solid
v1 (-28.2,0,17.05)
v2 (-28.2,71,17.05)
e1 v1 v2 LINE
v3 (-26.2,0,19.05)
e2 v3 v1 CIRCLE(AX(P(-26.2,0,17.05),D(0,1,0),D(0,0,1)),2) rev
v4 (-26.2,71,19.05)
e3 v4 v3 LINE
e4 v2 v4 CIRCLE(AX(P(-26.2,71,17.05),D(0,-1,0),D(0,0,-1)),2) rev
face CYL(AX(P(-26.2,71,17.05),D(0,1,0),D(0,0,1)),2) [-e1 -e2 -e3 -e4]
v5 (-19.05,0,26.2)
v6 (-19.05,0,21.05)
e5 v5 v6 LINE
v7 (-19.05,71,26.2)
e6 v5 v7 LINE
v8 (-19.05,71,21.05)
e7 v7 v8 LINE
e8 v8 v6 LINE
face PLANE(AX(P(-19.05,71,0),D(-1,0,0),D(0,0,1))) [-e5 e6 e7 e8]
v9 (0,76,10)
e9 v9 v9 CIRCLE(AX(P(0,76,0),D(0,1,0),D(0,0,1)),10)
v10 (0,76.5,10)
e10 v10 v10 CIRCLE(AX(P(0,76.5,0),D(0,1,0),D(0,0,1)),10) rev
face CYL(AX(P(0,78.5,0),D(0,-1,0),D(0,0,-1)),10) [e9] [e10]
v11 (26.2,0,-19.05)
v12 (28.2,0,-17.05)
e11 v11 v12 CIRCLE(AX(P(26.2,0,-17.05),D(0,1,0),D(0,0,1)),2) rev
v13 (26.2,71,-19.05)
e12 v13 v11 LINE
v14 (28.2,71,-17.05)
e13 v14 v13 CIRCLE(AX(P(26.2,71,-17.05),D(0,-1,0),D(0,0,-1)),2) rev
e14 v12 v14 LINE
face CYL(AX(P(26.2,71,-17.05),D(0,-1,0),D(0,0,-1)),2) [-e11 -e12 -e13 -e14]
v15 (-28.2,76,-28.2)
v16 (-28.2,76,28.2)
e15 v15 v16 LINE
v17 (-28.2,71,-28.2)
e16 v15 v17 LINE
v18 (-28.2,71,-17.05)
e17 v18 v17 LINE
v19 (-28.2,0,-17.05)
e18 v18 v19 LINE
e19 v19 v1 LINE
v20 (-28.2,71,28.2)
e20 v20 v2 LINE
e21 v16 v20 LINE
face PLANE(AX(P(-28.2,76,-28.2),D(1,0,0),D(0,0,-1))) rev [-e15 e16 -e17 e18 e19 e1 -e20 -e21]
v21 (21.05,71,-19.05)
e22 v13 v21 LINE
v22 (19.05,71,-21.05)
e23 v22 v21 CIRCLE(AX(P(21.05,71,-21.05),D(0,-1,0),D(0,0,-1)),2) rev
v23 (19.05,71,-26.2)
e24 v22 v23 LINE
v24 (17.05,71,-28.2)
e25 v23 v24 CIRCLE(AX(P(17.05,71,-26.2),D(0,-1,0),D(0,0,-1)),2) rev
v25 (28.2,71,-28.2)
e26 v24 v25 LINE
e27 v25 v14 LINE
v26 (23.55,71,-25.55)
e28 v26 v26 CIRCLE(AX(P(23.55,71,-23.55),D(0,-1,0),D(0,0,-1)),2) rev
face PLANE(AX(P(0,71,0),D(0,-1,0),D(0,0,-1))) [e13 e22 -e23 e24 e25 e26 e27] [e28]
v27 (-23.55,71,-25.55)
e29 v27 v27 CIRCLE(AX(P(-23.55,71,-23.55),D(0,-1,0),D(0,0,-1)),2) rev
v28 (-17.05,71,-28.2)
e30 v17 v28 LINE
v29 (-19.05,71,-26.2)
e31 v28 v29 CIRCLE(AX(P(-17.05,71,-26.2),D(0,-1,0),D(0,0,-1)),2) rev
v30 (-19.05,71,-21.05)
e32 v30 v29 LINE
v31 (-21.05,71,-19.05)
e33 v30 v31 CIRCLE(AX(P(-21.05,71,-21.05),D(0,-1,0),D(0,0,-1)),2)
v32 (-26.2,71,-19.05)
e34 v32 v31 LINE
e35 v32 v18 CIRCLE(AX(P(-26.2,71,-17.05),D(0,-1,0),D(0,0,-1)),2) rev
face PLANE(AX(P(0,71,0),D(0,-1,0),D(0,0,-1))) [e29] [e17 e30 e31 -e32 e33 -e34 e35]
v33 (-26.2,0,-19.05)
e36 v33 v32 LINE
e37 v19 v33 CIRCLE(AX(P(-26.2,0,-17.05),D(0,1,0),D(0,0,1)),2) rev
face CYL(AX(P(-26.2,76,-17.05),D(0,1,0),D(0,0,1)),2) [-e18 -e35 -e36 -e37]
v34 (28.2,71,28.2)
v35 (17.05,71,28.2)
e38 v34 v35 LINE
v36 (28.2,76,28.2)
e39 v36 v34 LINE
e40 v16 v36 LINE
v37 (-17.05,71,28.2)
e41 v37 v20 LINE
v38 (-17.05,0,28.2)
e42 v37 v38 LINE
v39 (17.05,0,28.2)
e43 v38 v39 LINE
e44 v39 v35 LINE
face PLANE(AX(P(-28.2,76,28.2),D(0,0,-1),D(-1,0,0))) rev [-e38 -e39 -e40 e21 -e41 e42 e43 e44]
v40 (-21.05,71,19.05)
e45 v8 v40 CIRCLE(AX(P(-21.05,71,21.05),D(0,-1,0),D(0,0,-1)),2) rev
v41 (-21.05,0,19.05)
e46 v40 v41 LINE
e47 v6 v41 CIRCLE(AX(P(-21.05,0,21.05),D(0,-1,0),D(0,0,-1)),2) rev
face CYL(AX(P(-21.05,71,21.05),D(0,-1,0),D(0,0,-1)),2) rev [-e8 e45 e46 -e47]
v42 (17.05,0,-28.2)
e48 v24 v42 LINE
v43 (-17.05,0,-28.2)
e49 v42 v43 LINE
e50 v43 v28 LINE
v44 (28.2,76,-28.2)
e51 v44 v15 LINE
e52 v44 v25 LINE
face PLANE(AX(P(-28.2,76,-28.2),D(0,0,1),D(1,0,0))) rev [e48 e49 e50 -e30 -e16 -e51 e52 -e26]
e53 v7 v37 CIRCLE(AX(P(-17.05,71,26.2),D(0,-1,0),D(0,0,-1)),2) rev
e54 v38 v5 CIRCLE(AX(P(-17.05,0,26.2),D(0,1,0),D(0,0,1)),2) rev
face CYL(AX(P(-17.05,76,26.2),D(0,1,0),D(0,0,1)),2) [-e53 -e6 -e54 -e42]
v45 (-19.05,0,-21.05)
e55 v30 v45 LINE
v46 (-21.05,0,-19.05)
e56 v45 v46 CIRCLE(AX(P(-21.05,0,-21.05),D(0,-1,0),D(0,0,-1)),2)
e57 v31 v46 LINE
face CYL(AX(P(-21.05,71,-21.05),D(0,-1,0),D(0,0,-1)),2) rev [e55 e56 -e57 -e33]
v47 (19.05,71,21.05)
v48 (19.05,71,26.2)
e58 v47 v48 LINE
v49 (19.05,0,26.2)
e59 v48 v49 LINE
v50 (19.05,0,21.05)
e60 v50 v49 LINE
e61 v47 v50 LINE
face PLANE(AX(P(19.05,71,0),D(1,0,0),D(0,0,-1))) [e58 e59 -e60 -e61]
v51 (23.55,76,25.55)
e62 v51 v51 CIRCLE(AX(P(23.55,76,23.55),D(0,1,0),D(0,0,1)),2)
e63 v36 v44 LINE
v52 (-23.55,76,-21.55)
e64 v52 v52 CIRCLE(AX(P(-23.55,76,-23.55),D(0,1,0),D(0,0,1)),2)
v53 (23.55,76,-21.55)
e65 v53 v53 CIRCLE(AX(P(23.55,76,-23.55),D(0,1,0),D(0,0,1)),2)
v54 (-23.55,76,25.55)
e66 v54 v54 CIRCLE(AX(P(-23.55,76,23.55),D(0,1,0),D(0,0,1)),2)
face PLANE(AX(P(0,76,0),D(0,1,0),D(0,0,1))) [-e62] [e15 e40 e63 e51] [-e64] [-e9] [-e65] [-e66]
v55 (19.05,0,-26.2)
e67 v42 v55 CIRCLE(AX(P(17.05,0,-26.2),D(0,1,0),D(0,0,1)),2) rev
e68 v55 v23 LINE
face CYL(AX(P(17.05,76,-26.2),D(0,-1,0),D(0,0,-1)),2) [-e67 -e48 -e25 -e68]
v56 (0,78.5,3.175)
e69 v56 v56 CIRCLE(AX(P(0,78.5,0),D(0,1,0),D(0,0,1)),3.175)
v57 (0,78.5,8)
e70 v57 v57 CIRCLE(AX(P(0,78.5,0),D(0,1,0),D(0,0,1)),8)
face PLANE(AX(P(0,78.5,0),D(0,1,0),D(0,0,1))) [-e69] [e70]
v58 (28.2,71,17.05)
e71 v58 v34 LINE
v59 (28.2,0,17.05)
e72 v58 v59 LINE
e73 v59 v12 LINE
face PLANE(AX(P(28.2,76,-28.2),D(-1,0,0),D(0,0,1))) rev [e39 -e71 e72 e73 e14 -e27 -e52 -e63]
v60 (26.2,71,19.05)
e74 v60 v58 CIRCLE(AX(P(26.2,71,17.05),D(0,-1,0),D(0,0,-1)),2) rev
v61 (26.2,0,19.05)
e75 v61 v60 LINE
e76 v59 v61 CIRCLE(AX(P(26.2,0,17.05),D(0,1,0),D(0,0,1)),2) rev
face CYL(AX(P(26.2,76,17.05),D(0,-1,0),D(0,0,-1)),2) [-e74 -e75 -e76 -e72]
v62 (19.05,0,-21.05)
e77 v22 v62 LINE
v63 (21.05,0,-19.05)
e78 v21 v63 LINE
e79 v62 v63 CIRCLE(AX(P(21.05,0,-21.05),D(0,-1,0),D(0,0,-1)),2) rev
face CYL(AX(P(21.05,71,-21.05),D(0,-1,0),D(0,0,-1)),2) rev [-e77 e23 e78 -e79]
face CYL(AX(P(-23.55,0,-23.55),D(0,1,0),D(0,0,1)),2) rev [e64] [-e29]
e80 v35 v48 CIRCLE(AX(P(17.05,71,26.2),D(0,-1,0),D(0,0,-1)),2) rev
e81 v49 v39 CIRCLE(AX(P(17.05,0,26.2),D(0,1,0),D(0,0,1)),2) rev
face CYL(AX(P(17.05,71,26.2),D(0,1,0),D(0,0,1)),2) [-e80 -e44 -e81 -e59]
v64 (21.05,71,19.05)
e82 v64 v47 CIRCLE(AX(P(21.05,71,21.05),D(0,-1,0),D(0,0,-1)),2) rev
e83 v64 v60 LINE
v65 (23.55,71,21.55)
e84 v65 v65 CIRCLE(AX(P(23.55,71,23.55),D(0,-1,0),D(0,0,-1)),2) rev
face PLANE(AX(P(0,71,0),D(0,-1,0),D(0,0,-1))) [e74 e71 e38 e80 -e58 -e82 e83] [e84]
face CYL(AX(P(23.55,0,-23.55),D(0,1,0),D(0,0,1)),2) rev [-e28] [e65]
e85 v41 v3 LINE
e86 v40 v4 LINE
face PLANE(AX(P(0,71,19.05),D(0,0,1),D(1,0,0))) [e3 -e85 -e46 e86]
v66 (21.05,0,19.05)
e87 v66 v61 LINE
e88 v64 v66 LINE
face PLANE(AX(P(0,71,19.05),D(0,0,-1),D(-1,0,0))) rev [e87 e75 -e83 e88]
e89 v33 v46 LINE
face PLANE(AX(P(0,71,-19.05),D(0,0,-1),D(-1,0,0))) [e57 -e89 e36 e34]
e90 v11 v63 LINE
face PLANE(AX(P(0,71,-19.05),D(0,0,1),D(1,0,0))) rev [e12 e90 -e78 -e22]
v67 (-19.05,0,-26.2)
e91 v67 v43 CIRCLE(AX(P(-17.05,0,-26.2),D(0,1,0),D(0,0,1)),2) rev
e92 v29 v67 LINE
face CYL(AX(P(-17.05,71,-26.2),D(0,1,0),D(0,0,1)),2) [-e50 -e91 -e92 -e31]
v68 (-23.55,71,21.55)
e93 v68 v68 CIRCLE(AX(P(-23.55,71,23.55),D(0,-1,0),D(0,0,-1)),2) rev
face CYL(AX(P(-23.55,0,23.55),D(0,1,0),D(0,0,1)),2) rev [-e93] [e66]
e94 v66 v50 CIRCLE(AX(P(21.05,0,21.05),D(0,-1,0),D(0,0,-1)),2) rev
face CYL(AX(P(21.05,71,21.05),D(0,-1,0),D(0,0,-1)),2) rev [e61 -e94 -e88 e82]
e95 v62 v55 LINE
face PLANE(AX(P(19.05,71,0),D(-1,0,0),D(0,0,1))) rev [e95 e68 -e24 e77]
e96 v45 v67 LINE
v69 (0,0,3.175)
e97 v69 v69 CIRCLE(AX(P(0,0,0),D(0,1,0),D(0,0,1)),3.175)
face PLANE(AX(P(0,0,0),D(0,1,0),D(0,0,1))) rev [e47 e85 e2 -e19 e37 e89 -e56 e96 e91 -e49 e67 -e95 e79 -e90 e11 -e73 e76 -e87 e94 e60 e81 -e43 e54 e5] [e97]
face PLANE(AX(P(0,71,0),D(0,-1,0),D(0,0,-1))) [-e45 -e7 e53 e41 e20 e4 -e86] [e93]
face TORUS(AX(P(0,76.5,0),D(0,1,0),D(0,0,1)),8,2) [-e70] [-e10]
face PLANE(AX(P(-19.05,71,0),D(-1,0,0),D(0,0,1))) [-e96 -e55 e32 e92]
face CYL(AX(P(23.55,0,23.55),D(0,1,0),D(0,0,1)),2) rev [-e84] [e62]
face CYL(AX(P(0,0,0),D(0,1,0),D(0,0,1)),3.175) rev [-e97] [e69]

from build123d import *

# Parameters (mm, degrees)
SKETCH2_W           = 56.4
SKETCH2_H           = 56.4
BOSS_EXTRUDE1_DEPTH = 76
SKETCH3_R           = 3.175
CUT_EXTRUDE1_DEPTH  = 76
CUT_EXTRUDE2_START  = -71
SKETCH5_R           = 2
CUT_EXTRUDE2_DEPTH  = 71
FILLET1_R           = 2
BOSS_EXTRUDE2_START = 2.5
SKETCH6_R           = 10
SKETCH6_R_2         = 3.175
BOSS_EXTRUDE2_DEPTH = 2.5
FILLET2_R           = 2


with BuildPart() as part:
    # Sketch2 → Boss-Extrude1 (new body)
    with BuildSketch(Plane(origin=(0, 0, 0), x_dir=(1, 0, 0), z_dir=(0, 1, 0))):
        Rectangle(SKETCH2_W, SKETCH2_H)
    extrude(amount=BOSS_EXTRUDE1_DEPTH)

    # Sketch3 → Cut-Extrude1 (cut)
    with BuildSketch(Plane(origin=(0, 76, 0), x_dir=(1, 0, 0), z_dir=(0, 1, 0))):
        with BuildLine():
            Line((-23.55, 21.55), (-23.55, 23.55))
            Line((-23.55, 23.55), (-21.55, 23.55))
            ThreePointArc((-21.55, 23.55), (-24.964213562, 24.964213562), (-23.55, 21.55))
        make_face()
        with BuildLine():
            Line((-21.55, 23.55), (-23.55, 23.55))
            Line((-23.55, 23.55), (-23.55, 21.55))
            ThreePointArc((-23.55, 21.55), (-22.135786438, 22.135786438), (-21.55, 23.55))
        make_face()
        with BuildLine():
            ThreePointArc((25.55, 23.55), (23.55, 25.55), (21.55, 23.55))
            Line((21.55, 23.55), (23.55, 23.55))
            Line((23.55, 23.55), (23.55, 21.55))
            ThreePointArc((23.55, 21.55), (24.964213562, 22.135786438), (25.55, 23.55))
        make_face()
        with BuildLine():
            Line((23.55, 23.55), (21.55, 23.55))
            ThreePointArc((21.55, 23.55), (22.135786438, 22.135786438), (23.55, 21.55))
            Line((23.55, 21.55), (23.55, 23.55))
        make_face()
        with Locations(Location((0, 0, 0), (0, 0, 270))):
            Circle(SKETCH3_R)
        with BuildLine():
            ThreePointArc((-21.55, -23.55), (-22.135786438, -22.135786438), (-23.55, -21.55))
            Line((-23.55, -21.55), (-23.55, -23.55))
            Line((-23.55, -23.55), (-21.55, -23.55))
        make_face()
        with BuildLine():
            Line((-23.55, -23.55), (-23.55, -21.55))
            ThreePointArc((-23.55, -21.55), (-24.964213562, -24.964213562), (-21.55, -23.55))
            Line((-21.55, -23.55), (-23.55, -23.55))
        make_face()
        with BuildLine():
            ThreePointArc((25.55, -23.55), (24.964213562, -22.135786438), (23.55, -21.55))
            Line((23.55, -21.55), (23.55, -23.55))
            Line((23.55, -23.55), (21.55, -23.55))
            ThreePointArc((21.55, -23.55), (23.55, -25.55), (25.55, -23.55))
        make_face()
        with BuildLine():
            Line((23.55, -23.55), (23.55, -21.55))
            ThreePointArc((23.55, -21.55), (22.135786438, -22.135786438), (21.55, -23.55))
            Line((21.55, -23.55), (23.55, -23.55))
        make_face()
    extrude(amount=-CUT_EXTRUDE1_DEPTH, mode=Mode.SUBTRACT)

    # Sketch5 → Cut-Extrude2 (cut)
    # profile 1 of 4: a face of its own
    with BuildSketch(Plane(origin=(0, 0, 0), x_dir=(-1, 0, 0), z_dir=(0, -1, 0)).offset(CUT_EXTRUDE2_START)):
        with BuildLine():
            Line((19.05, 28.2), (19.05, 21.05))
            ThreePointArc((19.05, 21.05), (19.635786438, 19.635786438), (21.05, 19.05))
            Line((21.05, 19.05), (28.2, 19.05))
            Line((28.2, 19.05), (28.2, 28.2))
            Line((28.2, 28.2), (19.05, 28.2))
        make_face()
        with Locations((23.55, 23.55)):
            Circle(SKETCH5_R, mode=Mode.SUBTRACT)
    # profile 2 of 4: a face of its own
    with BuildSketch(Plane(origin=(0, 0, 0), x_dir=(-1, 0, 0), z_dir=(0, -1, 0)).offset(CUT_EXTRUDE2_START)):
        with BuildLine():
            Line((-19.05, 21.05), (-19.05, 28.2))
            Line((-19.05, 28.2), (-28.2, 28.2))
            Line((-28.2, 28.2), (-28.2, 19.05))
            Line((-28.2, 19.05), (-21.05, 19.05))
            ThreePointArc((-21.05, 19.05), (-19.635786438, 19.635786438), (-19.05, 21.05))
        make_face()
        with Locations((-23.55, 23.55)):
            Circle(SKETCH5_R, mode=Mode.SUBTRACT)
    # profile 3 of 4: a face of its own
    with BuildSketch(Plane(origin=(0, 0, 0), x_dir=(-1, 0, 0), z_dir=(0, -1, 0)).offset(CUT_EXTRUDE2_START)):
        with BuildLine():
            Line((28.2, -28.2), (28.2, -19.05))
            Line((28.2, -19.05), (21.05, -19.05))
            ThreePointArc((21.05, -19.05), (19.635786438, -19.635786438), (19.05, -21.05))
            Line((19.05, -21.05), (19.05, -28.2))
            Line((19.05, -28.2), (28.2, -28.2))
        make_face()
        with Locations((23.55, -23.55)):
            Circle(SKETCH5_R, mode=Mode.SUBTRACT)
    # profile 4 of 4: a face of its own
    with BuildSketch(Plane(origin=(0, 0, 0), x_dir=(-1, 0, 0), z_dir=(0, -1, 0)).offset(CUT_EXTRUDE2_START)):
        with BuildLine():
            Line((-21.05, -19.05), (-28.2, -19.05))
            Line((-28.2, -19.05), (-28.2, -28.2))
            Line((-28.2, -28.2), (-19.05, -28.2))
            Line((-19.05, -28.2), (-19.05, -21.05))
            ThreePointArc((-19.05, -21.05), (-19.635786438, -19.635786438), (-21.05, -19.05))
        make_face()
        with Locations((-23.55, -23.55)):
            Circle(SKETCH5_R, mode=Mode.SUBTRACT)
    extrude(amount=CUT_EXTRUDE2_DEPTH, mode=Mode.SUBTRACT)

    # Fillet1
    fillet1_edges = [part.edges().sort_by_distance(p)[0] for p in [
        (-19.05, 35.5, -28.2),
        (-28.2, 35.5, -19.05),
        (28.2, 35.5, -19.05),
        (19.05, 35.5, -28.2),
        (19.05, 35.5, 28.2),
        (28.2, 35.5, 19.05),
        (-28.2, 35.5, 19.05),
        (-19.05, 35.5, 28.2),
    ]]
    fillet(fillet1_edges, radius=FILLET1_R)

    # Sketch6 → Boss-Extrude2 (add)
    with BuildSketch(Plane(origin=(0, 76, 0), x_dir=(1, 0, 0), z_dir=(0, 1, 0)).offset(BOSS_EXTRUDE2_START)):
        with Locations(Location((0, 0, 0), (0, 0, 270))):
            Circle(SKETCH6_R)
        with Locations(Location((0, 0, 0), (0, 0, 270))):
            Circle(SKETCH6_R_2, mode=Mode.SUBTRACT)
    extrude(amount=-BOSS_EXTRUDE2_DEPTH)

    # Fillet2
    fillet2_edges = [part.edges().sort_by_distance(p)[0] for p in [
        (0, 78.5, -10),
    ]]
    fillet(fillet2_edges, radius=FILLET2_R)


solid = part.part
